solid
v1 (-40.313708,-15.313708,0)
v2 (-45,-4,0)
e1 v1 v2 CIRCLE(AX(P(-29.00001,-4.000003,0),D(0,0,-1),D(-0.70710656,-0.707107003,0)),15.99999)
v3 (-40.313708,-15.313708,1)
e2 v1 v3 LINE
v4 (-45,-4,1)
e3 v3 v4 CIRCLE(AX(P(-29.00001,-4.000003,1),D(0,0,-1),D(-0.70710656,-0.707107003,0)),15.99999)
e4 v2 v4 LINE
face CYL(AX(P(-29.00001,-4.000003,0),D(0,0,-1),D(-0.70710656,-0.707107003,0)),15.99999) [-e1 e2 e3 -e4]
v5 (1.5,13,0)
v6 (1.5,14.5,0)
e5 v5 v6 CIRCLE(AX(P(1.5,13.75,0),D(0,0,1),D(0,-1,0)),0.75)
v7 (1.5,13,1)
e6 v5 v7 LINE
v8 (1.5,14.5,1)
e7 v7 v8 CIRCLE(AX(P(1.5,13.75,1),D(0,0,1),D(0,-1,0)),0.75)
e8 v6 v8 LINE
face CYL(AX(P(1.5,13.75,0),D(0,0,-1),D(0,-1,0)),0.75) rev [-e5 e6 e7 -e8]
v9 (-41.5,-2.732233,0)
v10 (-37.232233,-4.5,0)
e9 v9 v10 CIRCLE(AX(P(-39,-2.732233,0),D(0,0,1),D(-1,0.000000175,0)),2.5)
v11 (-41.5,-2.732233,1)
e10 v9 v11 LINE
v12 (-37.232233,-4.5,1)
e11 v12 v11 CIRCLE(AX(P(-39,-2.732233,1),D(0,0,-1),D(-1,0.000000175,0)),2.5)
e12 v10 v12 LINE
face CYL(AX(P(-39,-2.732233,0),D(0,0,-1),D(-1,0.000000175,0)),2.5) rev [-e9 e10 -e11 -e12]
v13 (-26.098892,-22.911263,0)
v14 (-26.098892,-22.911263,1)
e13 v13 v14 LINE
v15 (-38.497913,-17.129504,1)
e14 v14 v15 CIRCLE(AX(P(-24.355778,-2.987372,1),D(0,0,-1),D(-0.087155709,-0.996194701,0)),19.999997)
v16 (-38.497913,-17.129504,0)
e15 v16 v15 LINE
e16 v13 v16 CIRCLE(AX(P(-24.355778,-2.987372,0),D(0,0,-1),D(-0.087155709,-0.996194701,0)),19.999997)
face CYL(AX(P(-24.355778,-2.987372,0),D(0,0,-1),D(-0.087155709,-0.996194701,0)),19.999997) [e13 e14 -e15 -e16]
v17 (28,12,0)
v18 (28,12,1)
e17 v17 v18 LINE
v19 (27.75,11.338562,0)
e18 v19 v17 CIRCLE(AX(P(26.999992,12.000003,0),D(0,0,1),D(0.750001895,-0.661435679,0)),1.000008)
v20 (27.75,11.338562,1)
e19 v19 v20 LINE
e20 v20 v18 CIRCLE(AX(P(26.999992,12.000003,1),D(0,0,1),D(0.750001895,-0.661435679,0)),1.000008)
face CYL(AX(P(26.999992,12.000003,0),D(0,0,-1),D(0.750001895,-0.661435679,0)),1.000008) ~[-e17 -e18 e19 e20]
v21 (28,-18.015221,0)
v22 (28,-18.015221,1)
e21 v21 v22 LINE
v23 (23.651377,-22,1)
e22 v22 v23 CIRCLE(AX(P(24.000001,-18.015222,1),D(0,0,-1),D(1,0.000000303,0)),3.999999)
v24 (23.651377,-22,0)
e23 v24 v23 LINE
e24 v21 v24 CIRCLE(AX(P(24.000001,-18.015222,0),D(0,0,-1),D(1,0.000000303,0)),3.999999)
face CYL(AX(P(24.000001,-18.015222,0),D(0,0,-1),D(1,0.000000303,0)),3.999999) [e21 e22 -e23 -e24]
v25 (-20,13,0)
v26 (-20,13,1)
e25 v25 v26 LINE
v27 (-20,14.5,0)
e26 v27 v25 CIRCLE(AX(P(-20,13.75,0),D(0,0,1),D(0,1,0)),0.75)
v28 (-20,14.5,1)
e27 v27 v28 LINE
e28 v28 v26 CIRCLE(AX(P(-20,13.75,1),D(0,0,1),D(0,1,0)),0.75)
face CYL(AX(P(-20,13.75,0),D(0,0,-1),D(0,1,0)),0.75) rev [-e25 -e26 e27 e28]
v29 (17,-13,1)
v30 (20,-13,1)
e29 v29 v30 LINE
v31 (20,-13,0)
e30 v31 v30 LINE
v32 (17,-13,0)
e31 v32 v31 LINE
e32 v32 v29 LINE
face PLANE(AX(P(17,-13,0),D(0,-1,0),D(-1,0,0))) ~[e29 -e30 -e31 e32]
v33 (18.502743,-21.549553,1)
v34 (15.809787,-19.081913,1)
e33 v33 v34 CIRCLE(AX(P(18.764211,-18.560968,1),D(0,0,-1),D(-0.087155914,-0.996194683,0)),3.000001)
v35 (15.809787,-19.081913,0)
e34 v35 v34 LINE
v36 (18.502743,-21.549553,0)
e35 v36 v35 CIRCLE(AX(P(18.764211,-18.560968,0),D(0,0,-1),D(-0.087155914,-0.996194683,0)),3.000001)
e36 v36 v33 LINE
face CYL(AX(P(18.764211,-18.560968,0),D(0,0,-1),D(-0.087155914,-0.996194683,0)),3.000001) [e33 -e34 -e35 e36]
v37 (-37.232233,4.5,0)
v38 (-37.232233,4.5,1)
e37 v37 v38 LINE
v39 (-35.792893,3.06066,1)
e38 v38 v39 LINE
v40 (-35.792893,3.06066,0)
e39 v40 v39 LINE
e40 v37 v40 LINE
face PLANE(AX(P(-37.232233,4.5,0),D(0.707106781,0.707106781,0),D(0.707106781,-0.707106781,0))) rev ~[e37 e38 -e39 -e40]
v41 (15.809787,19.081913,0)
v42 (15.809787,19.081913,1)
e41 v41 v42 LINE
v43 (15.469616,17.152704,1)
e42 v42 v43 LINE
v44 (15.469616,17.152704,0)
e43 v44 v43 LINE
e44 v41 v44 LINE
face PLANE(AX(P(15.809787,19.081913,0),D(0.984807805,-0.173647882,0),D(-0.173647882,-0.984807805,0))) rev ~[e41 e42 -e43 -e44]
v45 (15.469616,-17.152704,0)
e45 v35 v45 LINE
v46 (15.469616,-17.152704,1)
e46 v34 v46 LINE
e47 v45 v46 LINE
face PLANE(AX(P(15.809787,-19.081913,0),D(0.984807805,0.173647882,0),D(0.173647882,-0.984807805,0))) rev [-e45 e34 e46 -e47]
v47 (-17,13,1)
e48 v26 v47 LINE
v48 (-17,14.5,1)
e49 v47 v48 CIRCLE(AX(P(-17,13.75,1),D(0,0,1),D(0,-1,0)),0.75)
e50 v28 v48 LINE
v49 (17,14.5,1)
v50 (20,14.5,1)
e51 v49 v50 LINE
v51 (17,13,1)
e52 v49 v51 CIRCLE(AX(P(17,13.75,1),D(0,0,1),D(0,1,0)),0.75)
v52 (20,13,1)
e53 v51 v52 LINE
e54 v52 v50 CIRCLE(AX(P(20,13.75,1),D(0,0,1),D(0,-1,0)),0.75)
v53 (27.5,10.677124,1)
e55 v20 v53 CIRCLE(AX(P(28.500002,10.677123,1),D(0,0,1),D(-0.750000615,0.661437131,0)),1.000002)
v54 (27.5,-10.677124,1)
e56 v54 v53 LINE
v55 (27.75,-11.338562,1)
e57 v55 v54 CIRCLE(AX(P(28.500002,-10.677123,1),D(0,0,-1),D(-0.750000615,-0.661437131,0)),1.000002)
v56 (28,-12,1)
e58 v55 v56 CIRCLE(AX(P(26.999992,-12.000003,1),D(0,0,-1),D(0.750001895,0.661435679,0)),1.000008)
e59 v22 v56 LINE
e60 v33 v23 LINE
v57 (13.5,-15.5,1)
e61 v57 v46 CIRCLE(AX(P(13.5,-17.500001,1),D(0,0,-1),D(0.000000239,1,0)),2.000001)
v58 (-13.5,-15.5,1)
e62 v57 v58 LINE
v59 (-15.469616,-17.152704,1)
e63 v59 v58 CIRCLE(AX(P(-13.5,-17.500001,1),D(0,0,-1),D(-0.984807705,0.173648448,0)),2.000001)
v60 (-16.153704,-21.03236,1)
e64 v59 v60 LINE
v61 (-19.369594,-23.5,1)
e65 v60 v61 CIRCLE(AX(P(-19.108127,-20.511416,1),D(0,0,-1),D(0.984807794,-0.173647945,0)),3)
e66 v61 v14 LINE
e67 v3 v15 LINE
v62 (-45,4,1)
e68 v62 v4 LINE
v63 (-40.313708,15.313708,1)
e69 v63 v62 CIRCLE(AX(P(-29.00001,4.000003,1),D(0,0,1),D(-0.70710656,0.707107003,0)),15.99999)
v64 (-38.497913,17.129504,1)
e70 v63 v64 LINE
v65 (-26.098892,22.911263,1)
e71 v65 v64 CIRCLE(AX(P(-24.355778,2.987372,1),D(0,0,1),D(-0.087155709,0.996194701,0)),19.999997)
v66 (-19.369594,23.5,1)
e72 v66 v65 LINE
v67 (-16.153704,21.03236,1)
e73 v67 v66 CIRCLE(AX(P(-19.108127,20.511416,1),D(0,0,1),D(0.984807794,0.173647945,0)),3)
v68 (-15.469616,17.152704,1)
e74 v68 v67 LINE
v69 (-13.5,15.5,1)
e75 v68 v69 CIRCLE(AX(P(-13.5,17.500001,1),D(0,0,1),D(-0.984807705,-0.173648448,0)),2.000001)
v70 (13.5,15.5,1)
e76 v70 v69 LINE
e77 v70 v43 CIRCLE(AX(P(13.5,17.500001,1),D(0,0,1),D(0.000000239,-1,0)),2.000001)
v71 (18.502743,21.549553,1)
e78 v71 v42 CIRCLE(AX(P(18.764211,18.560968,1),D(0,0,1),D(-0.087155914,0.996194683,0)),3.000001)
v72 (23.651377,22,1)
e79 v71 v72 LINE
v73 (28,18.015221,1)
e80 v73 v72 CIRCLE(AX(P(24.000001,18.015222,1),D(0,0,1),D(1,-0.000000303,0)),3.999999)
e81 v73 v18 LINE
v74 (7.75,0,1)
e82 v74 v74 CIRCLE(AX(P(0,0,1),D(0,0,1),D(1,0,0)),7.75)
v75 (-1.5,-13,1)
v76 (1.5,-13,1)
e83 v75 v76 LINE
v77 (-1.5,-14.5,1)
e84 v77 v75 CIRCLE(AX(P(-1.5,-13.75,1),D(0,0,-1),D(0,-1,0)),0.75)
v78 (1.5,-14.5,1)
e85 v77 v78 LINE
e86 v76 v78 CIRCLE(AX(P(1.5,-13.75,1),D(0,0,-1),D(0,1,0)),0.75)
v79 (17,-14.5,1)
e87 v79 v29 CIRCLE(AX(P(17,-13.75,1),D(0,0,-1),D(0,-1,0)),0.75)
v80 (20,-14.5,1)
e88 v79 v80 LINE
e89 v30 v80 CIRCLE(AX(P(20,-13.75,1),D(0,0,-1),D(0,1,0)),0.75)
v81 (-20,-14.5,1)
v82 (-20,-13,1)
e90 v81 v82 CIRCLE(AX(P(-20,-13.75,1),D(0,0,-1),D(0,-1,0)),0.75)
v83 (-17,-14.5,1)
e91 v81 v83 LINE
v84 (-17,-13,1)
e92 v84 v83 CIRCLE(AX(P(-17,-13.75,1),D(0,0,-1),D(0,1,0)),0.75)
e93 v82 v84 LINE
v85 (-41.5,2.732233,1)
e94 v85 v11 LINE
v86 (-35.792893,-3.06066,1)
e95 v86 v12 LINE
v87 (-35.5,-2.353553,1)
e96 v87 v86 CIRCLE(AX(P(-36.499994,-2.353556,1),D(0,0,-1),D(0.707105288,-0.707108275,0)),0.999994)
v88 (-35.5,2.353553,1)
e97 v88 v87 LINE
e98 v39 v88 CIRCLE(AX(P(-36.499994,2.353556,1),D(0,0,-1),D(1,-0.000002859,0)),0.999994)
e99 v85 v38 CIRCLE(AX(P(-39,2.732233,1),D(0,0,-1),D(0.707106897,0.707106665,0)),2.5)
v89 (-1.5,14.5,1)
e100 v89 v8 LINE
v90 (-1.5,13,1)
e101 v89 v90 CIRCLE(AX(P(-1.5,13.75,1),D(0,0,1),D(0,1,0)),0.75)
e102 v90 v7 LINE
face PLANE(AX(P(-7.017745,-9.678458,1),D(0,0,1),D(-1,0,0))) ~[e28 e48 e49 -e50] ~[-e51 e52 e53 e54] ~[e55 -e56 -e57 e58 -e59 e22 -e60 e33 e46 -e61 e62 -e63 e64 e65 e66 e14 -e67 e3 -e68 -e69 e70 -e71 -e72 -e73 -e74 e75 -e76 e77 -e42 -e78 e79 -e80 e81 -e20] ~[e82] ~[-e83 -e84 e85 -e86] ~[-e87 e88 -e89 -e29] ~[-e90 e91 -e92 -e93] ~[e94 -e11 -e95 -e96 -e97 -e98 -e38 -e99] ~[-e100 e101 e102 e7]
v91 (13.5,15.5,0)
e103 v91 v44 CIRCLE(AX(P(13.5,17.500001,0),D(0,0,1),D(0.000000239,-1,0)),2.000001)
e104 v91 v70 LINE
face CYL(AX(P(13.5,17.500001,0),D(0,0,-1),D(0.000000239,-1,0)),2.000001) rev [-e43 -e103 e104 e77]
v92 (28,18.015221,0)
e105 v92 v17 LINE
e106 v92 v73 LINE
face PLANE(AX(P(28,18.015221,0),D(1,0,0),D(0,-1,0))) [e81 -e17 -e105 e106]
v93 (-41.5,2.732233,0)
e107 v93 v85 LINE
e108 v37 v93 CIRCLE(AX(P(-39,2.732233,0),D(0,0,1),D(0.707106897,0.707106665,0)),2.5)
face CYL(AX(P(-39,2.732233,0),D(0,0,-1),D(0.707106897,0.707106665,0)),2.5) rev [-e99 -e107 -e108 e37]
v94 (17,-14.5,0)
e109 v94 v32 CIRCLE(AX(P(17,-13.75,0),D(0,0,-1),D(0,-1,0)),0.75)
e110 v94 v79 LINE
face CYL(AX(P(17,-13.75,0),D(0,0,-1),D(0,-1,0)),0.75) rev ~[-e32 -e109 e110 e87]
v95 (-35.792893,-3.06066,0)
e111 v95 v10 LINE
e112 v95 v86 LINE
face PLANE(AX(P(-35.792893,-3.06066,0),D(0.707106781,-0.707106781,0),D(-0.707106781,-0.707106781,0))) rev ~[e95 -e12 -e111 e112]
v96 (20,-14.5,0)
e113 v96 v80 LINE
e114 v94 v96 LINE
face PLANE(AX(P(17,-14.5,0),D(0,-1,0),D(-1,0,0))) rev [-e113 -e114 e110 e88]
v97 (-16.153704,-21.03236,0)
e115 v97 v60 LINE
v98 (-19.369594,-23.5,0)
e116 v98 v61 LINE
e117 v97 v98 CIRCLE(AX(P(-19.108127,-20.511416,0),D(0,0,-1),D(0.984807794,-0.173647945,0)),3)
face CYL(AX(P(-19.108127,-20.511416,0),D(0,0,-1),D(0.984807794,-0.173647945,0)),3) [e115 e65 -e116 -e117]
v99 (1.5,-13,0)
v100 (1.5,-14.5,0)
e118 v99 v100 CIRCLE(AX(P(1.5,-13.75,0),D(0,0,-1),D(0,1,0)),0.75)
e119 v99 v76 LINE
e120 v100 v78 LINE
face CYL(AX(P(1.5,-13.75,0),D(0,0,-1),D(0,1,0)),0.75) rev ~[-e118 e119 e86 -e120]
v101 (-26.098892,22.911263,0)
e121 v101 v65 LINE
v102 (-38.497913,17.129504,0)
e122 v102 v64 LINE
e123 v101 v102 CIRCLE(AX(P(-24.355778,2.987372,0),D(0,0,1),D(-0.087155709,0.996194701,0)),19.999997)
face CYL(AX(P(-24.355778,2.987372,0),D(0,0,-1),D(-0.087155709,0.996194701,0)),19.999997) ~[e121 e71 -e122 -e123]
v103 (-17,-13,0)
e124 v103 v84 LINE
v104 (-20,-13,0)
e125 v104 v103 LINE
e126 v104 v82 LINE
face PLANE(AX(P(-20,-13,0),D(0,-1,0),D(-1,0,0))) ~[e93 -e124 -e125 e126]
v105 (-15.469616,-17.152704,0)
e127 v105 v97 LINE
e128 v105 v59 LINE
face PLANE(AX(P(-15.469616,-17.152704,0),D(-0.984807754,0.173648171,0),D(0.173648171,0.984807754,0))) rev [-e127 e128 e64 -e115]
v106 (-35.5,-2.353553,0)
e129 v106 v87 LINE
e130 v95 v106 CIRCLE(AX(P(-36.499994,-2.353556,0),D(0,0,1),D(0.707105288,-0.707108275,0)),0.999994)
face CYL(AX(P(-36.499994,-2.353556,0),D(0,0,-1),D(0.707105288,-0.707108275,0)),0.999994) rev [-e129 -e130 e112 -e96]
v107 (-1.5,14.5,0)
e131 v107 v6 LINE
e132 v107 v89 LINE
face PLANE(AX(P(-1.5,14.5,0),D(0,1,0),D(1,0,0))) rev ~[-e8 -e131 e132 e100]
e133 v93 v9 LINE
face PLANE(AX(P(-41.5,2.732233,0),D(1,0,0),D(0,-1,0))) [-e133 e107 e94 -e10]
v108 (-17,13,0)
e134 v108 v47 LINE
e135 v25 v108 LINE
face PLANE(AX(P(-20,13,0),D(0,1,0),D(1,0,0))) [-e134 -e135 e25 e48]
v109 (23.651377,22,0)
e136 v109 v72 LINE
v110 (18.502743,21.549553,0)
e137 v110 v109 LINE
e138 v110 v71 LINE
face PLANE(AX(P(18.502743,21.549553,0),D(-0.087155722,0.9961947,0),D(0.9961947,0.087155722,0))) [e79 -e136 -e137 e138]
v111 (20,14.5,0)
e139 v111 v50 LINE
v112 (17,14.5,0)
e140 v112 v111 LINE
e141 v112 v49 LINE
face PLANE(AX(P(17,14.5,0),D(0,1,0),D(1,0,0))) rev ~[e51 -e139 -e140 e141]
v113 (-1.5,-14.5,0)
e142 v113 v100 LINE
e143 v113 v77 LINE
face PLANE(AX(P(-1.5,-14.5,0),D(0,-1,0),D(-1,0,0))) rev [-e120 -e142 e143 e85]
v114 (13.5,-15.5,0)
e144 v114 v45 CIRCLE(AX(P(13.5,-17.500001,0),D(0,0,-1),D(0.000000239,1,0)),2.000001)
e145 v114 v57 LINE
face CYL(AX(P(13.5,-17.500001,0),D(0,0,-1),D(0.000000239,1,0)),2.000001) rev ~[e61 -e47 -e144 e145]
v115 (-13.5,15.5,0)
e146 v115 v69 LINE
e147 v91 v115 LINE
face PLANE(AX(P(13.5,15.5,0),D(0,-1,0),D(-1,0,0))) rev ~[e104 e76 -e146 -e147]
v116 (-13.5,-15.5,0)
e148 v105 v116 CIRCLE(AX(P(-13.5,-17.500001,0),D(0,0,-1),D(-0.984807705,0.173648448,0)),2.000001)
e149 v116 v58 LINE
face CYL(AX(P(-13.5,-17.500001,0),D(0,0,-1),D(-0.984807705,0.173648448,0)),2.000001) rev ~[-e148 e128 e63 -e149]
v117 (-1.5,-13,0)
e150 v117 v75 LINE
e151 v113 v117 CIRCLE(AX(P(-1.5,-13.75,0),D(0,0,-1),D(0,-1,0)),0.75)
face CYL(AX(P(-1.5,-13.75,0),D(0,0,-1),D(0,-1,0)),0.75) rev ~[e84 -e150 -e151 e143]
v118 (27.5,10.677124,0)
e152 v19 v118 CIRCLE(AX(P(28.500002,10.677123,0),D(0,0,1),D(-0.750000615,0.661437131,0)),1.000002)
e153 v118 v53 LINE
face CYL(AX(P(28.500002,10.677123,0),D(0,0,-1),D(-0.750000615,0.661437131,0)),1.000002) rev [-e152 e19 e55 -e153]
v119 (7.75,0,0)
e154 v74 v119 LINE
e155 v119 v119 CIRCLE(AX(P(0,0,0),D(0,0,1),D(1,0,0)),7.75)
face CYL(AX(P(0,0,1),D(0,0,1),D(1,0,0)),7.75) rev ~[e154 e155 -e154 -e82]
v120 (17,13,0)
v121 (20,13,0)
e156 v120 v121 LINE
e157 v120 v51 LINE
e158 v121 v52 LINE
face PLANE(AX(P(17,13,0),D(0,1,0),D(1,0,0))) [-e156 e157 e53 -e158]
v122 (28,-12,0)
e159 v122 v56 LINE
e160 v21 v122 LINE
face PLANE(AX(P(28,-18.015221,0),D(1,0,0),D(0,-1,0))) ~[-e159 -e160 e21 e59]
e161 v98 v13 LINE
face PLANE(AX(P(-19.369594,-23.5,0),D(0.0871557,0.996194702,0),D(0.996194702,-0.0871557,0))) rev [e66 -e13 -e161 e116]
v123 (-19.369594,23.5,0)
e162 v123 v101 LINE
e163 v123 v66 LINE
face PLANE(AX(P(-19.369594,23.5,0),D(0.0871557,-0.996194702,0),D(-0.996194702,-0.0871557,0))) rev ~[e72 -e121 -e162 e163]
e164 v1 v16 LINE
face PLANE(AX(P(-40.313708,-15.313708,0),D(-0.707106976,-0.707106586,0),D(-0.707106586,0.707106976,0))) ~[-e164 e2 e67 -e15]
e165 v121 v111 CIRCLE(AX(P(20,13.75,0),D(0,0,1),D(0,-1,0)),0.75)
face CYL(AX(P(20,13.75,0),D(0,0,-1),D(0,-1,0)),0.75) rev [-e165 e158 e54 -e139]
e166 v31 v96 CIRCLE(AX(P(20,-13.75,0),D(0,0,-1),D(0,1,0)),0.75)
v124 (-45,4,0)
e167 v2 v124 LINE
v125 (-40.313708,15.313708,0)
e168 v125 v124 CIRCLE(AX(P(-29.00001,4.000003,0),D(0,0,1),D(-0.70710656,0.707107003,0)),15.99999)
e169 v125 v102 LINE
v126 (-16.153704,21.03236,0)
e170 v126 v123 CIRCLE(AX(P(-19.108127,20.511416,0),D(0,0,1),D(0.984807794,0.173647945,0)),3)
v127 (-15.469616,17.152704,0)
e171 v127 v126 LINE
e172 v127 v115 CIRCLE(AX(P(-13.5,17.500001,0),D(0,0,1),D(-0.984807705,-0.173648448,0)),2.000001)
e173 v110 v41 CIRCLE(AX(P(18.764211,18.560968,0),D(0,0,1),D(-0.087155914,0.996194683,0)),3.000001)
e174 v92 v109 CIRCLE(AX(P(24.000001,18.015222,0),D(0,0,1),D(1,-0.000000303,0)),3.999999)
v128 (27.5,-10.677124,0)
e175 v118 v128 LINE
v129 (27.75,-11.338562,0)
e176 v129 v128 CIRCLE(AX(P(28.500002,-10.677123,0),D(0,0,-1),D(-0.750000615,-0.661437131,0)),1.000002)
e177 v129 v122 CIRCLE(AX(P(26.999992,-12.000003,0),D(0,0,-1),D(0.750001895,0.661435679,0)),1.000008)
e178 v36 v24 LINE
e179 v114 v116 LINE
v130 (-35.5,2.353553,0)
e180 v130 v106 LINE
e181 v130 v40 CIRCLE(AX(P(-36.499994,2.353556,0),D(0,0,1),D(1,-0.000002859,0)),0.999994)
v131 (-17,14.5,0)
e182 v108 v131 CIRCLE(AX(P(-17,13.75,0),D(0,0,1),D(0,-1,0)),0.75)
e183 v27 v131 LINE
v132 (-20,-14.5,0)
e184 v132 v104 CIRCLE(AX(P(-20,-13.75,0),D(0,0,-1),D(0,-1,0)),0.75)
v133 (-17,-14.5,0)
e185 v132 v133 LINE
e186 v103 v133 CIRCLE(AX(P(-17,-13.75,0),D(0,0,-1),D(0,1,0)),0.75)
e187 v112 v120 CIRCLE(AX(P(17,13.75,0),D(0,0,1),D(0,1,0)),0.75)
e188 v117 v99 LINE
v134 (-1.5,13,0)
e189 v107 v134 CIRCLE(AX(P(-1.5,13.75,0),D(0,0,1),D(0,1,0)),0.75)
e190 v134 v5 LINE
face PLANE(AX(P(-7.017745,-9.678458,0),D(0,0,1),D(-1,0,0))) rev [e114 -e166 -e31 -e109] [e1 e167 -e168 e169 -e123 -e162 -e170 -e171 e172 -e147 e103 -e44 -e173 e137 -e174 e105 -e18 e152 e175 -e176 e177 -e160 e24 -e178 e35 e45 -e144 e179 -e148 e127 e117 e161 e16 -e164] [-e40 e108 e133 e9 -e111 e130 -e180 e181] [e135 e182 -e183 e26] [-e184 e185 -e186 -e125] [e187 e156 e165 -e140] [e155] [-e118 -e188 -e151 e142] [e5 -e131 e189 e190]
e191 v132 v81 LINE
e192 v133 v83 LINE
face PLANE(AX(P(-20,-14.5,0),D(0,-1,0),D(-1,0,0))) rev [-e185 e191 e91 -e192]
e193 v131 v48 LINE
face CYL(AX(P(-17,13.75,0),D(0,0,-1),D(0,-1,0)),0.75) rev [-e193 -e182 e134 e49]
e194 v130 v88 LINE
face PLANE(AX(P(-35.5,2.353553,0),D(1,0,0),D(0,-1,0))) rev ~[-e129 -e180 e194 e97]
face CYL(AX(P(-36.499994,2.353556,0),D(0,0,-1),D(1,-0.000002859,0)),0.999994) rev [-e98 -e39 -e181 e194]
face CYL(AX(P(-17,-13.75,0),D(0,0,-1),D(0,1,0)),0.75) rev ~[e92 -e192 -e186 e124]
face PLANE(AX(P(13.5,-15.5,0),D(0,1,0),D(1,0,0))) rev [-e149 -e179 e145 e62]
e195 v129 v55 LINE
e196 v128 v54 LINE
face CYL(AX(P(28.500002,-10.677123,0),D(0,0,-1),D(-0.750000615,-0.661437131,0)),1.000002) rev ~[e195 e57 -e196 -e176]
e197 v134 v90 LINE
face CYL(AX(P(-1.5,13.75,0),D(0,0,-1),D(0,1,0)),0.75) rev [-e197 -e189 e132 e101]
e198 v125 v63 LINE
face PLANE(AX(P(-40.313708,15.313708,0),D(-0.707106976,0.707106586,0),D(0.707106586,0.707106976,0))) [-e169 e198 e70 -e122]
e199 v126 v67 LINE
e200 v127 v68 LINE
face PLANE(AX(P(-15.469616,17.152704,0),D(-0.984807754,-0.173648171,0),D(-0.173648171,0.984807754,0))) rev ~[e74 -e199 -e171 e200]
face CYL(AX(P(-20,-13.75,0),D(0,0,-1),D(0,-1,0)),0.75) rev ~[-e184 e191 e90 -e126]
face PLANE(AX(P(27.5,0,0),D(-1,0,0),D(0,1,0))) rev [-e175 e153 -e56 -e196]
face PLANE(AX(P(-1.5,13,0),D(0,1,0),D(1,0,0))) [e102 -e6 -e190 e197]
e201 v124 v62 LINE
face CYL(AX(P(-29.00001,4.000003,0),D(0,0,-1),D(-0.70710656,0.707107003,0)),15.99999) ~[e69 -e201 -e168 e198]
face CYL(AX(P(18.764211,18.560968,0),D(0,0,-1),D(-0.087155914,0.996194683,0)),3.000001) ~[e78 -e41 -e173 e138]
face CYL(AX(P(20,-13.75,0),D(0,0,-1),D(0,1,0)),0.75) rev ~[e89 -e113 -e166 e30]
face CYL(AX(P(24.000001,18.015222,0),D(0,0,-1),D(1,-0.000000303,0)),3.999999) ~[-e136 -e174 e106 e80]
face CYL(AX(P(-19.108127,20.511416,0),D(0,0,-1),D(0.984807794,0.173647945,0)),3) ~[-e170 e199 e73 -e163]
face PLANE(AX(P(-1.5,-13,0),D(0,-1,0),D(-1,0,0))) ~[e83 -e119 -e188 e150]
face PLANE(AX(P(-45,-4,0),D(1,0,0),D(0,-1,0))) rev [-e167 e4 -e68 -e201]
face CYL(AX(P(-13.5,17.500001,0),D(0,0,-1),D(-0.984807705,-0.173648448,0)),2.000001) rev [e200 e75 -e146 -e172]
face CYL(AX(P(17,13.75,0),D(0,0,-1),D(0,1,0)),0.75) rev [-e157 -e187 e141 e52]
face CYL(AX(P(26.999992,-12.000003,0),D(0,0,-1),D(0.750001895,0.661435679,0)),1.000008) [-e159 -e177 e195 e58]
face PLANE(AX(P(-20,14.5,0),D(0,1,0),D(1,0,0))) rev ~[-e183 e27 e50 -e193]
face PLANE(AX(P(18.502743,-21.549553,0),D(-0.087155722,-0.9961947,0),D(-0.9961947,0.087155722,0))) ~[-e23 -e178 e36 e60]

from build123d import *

# Parameters (mm, degrees)
PAD_DEPTH       = 1
SKETCH_R        = 7.75
POCKET_DEPTH    = 1.001
POCKET001_DEPTH = 1.001


with BuildPart() as part:
    # Sketch007 → Pad (new body)
    with BuildSketch(Plane.XY):
        with BuildLine():
            Line((13.5, 15.5), (-13.5, 15.5))
            ThreePointArc((-15.469616, 17.152704), (-14.785575, 15.967911), (-13.5, 15.5))
            Line((-15.469616, 17.152704), (-16.153704, 21.03236))
            ThreePointArc((-16.153704, 21.03236), (-17.281843, 22.891476), (-19.369594, 23.5))
            Line((-19.369594, 23.5), (-26.098892, 22.911263))
            ThreePointArc((-26.098892, 22.911263), (-32.808142, 21.113525), (-38.497913, 17.129504))
            Line((-40.313708, 15.313708), (-38.497913, 17.129504))
            ThreePointArc((-40.313708, 15.313708), (-43.782073, 10.122935), (-45, 4))
            Line((-45, 4), (-45, 0))
            Line((-45, 0), (27.5, 0))
            Line((27.5, 0), (27.5, 10.677124))
            ThreePointArc((27.75, 11.338562), (27.564586, 11.030678), (27.5, 10.677124))
            ThreePointArc((27.75, 11.338562), (27.935414, 11.646447), (28, 12))
            Line((28, 18.015221), (28, 12))
            ThreePointArc((28, 18.015221), (26.702361, 20.964331), (23.651377, 22))
            Line((18.502743, 21.549553), (23.651377, 22))
            ThreePointArc((18.502743, 21.549553), (16.73744, 20.772801), (15.809787, 19.081913))
            Line((15.809787, 19.081913), (15.469616, 17.152704))
            ThreePointArc((13.5, 15.5), (14.785575, 15.967911), (15.469616, 17.152704))
        make_face()
        with BuildLine():
            Line((-20, 13), (-17, 13))
            ThreePointArc((-17, 13), (-16.25, 13.75), (-17, 14.5))
            Line((-20, 14.5), (-17, 14.5))
            ThreePointArc((-20, 14.5), (-20.75, 13.75), (-20, 13))
        make_face(mode=Mode.SUBTRACT)
        with BuildLine():
            Line((-1.5, 13), (1.5, 13))
            ThreePointArc((1.5, 13), (2.25, 13.75), (1.5, 14.5))
            Line((-1.5, 14.5), (1.5, 14.5))
            ThreePointArc((-1.5, 14.5), (-2.25, 13.75), (-1.5, 13))
        make_face(mode=Mode.SUBTRACT)
        with BuildLine():
            Line((17, 13), (20, 13))
            ThreePointArc((20, 13), (20.75, 13.75), (20, 14.5))
            Line((17, 14.5), (20, 14.5))
            ThreePointArc((17, 14.5), (16.25, 13.75), (17, 13))
        make_face(mode=Mode.SUBTRACT)
    pad = extrude(amount=PAD_DEPTH)

    # Mirrored: Pad across Sketch007 H_Axis
    add(pad.mirror(Plane.ZX))

    # Sketch (on Face5 of Mirrored) → Pocket (cut, through all)
    with BuildSketch(Plane.XY.offset(1)):
        Circle(SKETCH_R)
    extrude(amount=-POCKET_DEPTH, mode=Mode.SUBTRACT)

    # Sketch008 → Pocket001 (cut, through all)
    with BuildSketch(Plane.XY):
        with BuildLine():
            Line((-41.5, 2.732233), (-41.5, -2.732233))
            ThreePointArc((-41.5, -2.732233), (-39.956709, -5.041932), (-37.232233, -4.5))
            Line((-35.792893, -3.06066), (-37.232233, -4.5))
            ThreePointArc((-35.792893, -3.06066), (-35.57612, -2.736237), (-35.5, -2.353553))
            Line((-35.5, 2.353553), (-35.5, -2.353553))
            ThreePointArc((-35.5, 2.353553), (-35.57612, 2.736237), (-35.792893, 3.06066))
            Line((-37.232233, 4.5), (-35.792893, 3.06066))
            ThreePointArc((-37.232233, 4.5), (-39.956709, 5.041932), (-41.5, 2.732233))
        make_face()
    extrude(amount=POCKET001_DEPTH, mode=Mode.SUBTRACT)


solid = part.part
